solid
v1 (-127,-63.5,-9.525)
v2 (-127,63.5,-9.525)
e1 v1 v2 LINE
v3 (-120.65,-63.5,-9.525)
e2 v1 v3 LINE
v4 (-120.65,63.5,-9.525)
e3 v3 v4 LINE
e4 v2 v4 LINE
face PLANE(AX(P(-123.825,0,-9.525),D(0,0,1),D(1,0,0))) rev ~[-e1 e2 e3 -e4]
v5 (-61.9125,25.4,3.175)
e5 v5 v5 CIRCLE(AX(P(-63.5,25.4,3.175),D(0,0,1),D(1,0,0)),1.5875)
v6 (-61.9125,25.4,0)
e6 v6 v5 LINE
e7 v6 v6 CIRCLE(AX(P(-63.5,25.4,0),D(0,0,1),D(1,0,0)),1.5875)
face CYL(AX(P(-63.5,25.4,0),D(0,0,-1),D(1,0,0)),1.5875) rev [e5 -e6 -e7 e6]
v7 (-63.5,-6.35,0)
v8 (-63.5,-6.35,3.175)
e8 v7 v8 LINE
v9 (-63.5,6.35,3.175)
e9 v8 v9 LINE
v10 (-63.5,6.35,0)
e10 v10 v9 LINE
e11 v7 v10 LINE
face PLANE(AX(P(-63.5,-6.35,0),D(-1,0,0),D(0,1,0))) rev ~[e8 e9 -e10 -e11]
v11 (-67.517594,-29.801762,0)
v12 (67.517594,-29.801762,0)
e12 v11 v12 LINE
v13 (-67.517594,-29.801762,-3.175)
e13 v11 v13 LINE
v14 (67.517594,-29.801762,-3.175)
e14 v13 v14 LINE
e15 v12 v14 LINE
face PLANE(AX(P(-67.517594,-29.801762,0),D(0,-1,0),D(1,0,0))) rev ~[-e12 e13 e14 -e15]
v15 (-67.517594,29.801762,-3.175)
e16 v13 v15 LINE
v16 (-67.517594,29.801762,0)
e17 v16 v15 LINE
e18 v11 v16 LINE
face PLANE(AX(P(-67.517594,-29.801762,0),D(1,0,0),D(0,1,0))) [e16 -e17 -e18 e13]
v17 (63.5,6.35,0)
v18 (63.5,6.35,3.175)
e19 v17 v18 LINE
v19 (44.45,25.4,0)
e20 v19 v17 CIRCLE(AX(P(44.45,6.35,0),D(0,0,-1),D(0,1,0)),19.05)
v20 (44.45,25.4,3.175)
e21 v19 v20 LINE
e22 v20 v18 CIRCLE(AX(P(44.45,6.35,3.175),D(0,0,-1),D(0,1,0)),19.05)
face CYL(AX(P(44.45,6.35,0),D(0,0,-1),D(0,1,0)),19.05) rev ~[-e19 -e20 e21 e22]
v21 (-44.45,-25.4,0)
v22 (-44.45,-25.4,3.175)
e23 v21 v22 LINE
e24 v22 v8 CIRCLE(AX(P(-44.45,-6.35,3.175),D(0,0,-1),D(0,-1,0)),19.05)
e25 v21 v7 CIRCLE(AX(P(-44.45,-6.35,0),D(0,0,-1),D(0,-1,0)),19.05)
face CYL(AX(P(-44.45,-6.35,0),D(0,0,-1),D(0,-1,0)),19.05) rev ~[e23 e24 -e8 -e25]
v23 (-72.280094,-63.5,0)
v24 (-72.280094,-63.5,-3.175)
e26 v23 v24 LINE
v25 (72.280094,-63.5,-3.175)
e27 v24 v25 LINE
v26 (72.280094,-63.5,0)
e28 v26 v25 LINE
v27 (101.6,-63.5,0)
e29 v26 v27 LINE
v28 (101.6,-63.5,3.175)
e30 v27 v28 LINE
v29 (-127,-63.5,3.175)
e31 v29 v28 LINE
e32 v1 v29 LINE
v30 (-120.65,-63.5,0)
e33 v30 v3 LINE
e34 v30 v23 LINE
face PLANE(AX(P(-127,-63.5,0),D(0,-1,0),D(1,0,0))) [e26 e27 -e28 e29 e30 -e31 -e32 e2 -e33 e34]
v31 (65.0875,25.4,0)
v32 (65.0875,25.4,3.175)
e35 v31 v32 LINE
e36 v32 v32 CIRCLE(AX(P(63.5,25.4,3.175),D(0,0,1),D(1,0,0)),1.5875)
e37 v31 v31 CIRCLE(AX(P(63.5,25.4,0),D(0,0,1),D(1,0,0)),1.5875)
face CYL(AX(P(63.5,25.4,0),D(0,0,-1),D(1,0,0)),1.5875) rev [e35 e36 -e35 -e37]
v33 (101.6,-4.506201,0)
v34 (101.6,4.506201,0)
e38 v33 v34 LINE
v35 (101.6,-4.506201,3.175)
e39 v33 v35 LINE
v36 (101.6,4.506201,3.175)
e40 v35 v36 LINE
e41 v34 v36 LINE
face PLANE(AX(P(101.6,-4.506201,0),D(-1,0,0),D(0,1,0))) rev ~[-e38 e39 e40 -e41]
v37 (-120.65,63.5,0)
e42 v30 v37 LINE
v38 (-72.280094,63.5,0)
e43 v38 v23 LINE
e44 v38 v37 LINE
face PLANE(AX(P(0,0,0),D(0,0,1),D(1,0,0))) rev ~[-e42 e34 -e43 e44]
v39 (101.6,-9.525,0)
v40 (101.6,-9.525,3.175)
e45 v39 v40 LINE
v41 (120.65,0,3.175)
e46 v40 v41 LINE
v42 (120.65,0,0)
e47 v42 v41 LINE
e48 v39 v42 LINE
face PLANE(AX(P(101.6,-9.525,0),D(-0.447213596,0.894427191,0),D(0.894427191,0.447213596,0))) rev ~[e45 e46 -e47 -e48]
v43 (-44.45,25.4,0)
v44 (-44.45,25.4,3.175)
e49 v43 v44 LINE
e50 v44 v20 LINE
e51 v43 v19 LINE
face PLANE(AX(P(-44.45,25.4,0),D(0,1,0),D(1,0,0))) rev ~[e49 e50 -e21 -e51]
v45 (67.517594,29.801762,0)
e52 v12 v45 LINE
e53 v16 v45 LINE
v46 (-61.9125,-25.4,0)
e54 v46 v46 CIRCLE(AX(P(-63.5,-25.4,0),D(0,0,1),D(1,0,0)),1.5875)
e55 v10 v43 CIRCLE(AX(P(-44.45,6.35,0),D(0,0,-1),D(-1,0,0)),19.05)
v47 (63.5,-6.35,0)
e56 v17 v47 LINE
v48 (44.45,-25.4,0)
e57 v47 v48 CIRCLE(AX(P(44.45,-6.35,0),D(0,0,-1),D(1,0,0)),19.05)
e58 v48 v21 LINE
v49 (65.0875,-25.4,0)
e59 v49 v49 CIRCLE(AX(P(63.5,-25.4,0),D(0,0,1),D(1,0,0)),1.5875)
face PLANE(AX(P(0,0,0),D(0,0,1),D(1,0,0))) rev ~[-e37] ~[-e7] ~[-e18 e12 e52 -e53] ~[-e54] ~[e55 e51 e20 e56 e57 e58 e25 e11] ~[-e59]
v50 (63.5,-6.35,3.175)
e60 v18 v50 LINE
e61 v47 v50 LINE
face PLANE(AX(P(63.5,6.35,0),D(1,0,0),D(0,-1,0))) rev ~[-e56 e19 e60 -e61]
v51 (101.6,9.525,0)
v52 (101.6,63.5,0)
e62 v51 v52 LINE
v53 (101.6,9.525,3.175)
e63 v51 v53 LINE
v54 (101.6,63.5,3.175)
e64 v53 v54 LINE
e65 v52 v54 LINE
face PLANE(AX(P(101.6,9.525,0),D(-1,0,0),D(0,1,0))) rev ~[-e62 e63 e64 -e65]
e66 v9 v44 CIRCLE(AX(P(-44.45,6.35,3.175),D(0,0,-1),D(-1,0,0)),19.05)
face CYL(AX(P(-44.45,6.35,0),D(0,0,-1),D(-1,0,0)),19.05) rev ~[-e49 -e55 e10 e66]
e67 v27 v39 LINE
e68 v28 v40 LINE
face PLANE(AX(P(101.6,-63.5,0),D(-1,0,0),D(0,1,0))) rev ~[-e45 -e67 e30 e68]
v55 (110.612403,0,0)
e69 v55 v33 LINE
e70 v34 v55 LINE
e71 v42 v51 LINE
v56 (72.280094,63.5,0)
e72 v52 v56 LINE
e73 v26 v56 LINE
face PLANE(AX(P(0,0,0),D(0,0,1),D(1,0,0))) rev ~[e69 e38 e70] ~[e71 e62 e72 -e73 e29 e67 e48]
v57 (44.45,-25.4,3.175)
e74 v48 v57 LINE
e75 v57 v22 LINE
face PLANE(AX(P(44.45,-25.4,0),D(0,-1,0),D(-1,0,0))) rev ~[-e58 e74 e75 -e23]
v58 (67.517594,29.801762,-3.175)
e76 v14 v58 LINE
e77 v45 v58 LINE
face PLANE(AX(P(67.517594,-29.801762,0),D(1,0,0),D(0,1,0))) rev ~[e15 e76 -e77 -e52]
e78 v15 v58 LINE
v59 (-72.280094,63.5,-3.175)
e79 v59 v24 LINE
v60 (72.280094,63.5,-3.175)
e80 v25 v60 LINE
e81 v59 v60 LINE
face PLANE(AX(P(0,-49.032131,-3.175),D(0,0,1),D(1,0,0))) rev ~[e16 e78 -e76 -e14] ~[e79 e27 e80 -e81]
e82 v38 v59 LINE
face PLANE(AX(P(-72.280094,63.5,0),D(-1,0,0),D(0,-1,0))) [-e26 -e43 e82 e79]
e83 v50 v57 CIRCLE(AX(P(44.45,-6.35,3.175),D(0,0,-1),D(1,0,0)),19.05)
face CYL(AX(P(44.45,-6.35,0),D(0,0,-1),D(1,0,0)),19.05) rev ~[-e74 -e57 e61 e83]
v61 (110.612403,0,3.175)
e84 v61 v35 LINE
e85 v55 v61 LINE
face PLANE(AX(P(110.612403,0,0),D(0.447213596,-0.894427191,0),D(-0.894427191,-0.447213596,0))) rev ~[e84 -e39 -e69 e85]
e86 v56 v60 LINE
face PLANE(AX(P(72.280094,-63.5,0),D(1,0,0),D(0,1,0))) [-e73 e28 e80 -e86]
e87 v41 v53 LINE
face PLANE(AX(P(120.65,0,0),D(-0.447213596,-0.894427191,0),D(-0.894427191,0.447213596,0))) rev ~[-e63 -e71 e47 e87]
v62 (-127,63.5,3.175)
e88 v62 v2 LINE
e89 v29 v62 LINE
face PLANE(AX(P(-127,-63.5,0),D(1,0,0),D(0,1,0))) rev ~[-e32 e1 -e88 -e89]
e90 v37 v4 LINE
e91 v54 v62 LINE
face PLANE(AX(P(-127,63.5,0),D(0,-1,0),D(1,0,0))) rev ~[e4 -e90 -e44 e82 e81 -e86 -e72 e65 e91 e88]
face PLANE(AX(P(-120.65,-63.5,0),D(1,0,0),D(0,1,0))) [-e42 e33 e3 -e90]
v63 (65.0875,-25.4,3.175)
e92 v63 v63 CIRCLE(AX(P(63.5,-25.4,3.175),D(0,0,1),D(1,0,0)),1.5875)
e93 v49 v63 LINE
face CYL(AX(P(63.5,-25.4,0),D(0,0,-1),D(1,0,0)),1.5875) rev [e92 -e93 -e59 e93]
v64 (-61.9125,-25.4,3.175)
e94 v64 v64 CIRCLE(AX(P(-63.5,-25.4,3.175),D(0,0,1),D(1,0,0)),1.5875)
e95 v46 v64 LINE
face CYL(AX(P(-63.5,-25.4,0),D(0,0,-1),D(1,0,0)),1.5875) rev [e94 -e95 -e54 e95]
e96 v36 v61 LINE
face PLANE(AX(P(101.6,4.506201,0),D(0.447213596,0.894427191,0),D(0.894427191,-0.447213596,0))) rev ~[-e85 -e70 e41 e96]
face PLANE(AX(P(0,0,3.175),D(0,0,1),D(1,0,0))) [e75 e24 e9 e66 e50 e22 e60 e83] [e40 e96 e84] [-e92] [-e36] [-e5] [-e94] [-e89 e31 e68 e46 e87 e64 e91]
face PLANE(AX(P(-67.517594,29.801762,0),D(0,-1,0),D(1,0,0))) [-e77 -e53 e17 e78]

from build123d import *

# Parameters (mm, degrees)
F0_W     = 144.560187006
F0_H     = 69.128523463
F0_W_2   = 135.035187006
F0_H_2   = 59.603523463
F0_R     = 1.5875
F0_H_3   = 28.9357382685
F0_W_3   = 6.35
F0_H_4   = 127
F1_DEPTH = 3.175
F2_DEPTH = 3.175
F3_DEPTH = 9.525


with BuildPart() as f1:
    # F0 (on Top) → F1 (new body)
    with BuildSketch(Plane.XY):
        Rectangle(F0_W, F0_H)
        Rectangle(F0_W_2, F0_H_2, mode=Mode.SUBTRACT)
        Rectangle(F0_W_2, F0_H_2)
        with Locations((-63.5, -25.4)):
            Circle(F0_R, mode=Mode.SUBTRACT)
        with Locations((63.5, -25.4)):
            Circle(F0_R, mode=Mode.SUBTRACT)
        with Locations((-63.5, 25.4)):
            Circle(F0_R, mode=Mode.SUBTRACT)
        with BuildLine():
            ThreePointArc((63.5, -6.35), (57.9203841816, -19.8203841816), (44.45, -25.4))
            Line((44.45, -25.4), (-44.45, -25.4))
            ThreePointArc((-44.45, -25.4), (-57.9203841816, -19.8203841816), (-63.5, -6.35))
            Line((-63.5, -6.35), (-63.5, 6.35))
            ThreePointArc((-63.5, 6.35), (-57.9203841816, 19.8203841816), (-44.45, 25.4))
            Line((-44.45, 25.4), (44.45, 25.4))
            ThreePointArc((44.45, 25.4), (57.9203841816, 19.8203841816), (63.5, 6.35))
            Line((63.5, 6.35), (63.5, -6.35))
        make_face(mode=Mode.SUBTRACT)
        with Locations((63.5, 25.4)):
            Circle(F0_R, mode=Mode.SUBTRACT)
        Polygon((-120.65, -63.5), (-72.280093503, -63.5), (-72.280093503, -34.5642617315), (-72.280093503, 34.5642617315), (-72.280093503, 63.5), (-120.65, 63.5), align=None)
        with Locations((0, -49.0321308658)):
            Rectangle(F0_W, F0_H_3)
        with Locations((0, 49.0321308658)):
            Rectangle(F0_W, F0_H_3)
        Polygon((72.280093503, -63.5), (101.6, -63.5), (101.6, -9.525), (120.65, 0), (101.6, 9.525), (101.6, 63.5), (72.280093503, 63.5), (72.280093503, 34.5642617315), (72.280093503, -34.5642617315), align=None)
        Polygon((110.612402501, 0), (101.6, -4.5062012505), (101.6, 4.5062012505), align=None, mode=Mode.SUBTRACT)
        with Locations((-123.825, 0)):
            Rectangle(F0_W_3, F0_H_4)
    extrude(amount=F1_DEPTH)

    # F0 (on Top) → F2 (join)
    with BuildSketch(Plane.XY):
        with Locations((0, -49.0321308658)):
            Rectangle(F0_W, F0_H_3)
        Rectangle(F0_W, F0_H)
        Rectangle(F0_W_2, F0_H_2, mode=Mode.SUBTRACT)
        with Locations((0, 49.0321308658)):
            Rectangle(F0_W, F0_H_3)
    extrude(amount=-F2_DEPTH)

    # F0 (on Top) → F3 (join)
    with BuildSketch(Plane.XY):
        with Locations((-123.825, 0)):
            Rectangle(F0_W_3, F0_H_4)
    extrude(amount=-F3_DEPTH)


solid = f1.part
